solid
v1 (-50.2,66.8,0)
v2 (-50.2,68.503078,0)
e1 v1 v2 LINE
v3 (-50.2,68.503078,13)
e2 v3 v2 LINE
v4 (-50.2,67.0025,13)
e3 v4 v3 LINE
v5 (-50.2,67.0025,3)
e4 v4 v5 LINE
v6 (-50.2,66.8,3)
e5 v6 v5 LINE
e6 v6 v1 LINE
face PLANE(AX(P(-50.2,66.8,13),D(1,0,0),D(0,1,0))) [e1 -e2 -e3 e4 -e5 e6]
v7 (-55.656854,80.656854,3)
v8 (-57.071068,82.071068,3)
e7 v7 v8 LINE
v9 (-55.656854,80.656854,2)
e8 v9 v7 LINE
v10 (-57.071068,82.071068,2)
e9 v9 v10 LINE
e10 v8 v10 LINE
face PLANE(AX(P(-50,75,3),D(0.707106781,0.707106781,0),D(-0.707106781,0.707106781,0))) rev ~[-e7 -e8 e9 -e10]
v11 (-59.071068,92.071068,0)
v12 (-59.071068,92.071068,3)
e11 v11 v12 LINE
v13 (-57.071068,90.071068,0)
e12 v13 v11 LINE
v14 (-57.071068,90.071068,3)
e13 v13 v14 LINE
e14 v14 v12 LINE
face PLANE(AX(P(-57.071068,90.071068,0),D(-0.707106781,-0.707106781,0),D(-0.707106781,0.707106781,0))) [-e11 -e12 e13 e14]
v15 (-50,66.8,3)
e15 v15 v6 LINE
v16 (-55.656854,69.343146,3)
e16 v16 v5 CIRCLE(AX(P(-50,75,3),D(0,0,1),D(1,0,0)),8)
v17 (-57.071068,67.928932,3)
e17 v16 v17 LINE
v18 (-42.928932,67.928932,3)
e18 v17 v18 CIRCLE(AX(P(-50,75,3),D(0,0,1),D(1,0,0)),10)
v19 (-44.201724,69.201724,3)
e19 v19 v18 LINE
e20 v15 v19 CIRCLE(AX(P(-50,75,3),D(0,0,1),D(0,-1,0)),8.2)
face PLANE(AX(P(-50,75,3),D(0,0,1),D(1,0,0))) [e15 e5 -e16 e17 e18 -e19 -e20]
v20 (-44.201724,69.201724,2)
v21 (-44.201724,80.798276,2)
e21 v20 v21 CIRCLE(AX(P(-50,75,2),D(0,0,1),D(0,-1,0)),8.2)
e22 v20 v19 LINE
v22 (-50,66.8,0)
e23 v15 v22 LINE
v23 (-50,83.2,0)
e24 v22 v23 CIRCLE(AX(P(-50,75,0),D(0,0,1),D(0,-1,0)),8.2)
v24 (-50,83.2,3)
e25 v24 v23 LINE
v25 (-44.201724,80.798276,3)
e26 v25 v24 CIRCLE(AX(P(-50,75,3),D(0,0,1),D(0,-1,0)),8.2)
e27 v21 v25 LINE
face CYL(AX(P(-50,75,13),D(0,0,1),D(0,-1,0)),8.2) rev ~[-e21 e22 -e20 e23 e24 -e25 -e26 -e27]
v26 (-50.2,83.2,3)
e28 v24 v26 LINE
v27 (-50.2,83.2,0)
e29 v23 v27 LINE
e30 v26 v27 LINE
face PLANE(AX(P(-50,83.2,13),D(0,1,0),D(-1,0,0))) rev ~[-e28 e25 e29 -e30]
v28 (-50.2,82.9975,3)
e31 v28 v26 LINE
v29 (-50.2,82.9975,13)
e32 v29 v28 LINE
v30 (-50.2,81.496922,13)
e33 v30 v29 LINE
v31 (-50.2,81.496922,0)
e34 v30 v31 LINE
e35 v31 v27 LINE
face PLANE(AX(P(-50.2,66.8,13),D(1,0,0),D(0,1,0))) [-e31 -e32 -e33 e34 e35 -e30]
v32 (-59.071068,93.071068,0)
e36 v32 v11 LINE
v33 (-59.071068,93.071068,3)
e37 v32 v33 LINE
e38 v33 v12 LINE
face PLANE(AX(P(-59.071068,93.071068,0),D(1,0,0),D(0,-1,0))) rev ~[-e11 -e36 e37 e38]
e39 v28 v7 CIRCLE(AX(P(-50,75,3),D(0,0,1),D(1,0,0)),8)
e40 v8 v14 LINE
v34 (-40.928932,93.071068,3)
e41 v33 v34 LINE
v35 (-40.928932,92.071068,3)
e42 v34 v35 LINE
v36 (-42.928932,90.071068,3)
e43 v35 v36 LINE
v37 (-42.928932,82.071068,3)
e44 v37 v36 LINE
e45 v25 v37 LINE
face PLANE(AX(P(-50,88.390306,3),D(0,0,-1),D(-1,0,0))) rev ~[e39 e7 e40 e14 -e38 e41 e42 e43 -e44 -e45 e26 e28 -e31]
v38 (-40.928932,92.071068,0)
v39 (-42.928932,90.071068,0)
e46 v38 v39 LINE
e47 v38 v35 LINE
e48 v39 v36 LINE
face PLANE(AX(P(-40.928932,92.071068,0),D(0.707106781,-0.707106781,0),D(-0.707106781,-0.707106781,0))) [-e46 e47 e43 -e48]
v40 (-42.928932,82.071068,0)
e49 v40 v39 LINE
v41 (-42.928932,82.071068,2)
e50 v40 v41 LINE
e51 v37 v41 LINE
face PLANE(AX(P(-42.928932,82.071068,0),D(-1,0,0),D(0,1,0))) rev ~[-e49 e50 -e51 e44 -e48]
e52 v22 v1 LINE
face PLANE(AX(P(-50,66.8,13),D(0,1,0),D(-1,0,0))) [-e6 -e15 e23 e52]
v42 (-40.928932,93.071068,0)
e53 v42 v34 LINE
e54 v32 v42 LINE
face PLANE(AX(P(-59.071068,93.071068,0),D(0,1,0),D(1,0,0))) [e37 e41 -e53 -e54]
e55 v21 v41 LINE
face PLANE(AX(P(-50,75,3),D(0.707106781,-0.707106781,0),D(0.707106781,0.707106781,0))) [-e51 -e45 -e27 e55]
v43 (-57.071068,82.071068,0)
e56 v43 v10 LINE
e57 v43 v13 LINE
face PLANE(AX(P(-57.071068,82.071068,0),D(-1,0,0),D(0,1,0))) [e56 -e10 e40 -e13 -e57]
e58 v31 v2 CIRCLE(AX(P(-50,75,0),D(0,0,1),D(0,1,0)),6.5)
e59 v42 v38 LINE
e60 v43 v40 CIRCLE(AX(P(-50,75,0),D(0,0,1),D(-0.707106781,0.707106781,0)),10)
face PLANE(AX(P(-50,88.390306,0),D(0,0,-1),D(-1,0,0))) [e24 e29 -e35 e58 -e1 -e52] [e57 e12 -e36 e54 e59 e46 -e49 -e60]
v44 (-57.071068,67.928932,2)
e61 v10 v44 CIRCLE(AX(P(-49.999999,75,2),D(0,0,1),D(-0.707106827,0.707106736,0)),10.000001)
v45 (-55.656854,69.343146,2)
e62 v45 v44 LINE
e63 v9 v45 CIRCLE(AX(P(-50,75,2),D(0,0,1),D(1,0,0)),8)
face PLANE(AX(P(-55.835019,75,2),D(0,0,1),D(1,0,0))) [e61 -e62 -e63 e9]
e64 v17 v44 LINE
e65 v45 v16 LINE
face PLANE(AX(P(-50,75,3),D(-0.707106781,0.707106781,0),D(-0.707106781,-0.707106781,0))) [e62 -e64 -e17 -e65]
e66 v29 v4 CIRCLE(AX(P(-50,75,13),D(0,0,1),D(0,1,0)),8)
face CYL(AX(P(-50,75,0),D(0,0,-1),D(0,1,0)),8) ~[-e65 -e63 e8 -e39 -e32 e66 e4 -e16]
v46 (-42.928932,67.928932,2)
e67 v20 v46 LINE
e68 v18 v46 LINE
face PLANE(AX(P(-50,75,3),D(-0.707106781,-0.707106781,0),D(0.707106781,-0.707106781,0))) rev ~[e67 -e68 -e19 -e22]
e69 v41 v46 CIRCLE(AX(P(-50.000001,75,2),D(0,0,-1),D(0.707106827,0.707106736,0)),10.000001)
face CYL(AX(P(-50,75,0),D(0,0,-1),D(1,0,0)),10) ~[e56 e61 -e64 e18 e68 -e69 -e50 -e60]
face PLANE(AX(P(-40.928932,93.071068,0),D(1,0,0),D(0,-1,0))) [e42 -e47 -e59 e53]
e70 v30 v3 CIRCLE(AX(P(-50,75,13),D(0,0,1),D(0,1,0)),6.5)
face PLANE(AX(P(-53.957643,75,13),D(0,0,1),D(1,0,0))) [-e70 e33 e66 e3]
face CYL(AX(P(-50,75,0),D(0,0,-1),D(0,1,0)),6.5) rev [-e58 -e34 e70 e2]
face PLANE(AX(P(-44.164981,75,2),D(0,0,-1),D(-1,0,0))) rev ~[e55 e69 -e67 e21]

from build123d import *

# Parameters (mm, degrees)
SKETCH020_R     = 10
PAD007_DEPTH    = 3
POCKET012_DEPTH = 1
SKETCH022_R     = 8
POCKET013_DEPTH = 5
PAD008_DEPTH    = 13
POCKET014_DEPTH = 20
PAD009_DEPTH    = 3


with BuildPart() as part:
    # Sketch020 → Pad007 (new body)
    with BuildSketch(Plane.XY):
        Circle(SKETCH020_R)
    extrude(amount=PAD007_DEPTH)

    # Sketch021 (on Face3 of Pad007) → Pocket012 (cut)
    with BuildSketch(Plane.XY.offset(3)):
        with BuildLine():
            Line((0, 0), (7.071068, 7.071068))
            ThreePointArc((7.071068, -7.071068), (10, 0), (7.071068, 7.071068))
            Line((0, 0), (7.071068, -7.071068))
        make_face()
        with BuildLine():
            ThreePointArc((-7.071068, 7.071068), (-10, 0), (-7.071068, -7.071068))
            Line((0, 0), (-7.071068, -7.071068))
            Line((0, 0), (-7.071068, 7.071068))
        make_face()
    extrude(amount=-POCKET012_DEPTH, mode=Mode.SUBTRACT)

    # Sketch022 (on Face9 of Pocket012) → Pocket013 (cut)
    with BuildSketch(Plane.XY.offset(3)):
        Circle(SKETCH022_R)
    extrude(amount=-POCKET013_DEPTH, mode=Mode.SUBTRACT)

    # Sketch023 → Pad008 (join)
    with BuildSketch(Plane.XY):
        with BuildLine():
            Line((0, 6.5), (0, 8))
            ThreePointArc((0, 8), (-8, 0), (0, -8))
            Line((0, -6.5), (0, -8))
            ThreePointArc((0, 6.5), (-6.5, 0), (0, -6.5))
        make_face()
    extrude(amount=PAD008_DEPTH)

    # Sketch024 (on Face14 of Pad008) → Pocket014 (cut)
    with BuildSketch(Plane.XY.offset(13)):
        with BuildLine():
            ThreePointArc((0, -8.2), (8.2, 0), (0, 8.2))
            Line((0, 8.2), (-0.2, 8.2))
            Line((-0.2, -8.2), (-0.2, 8.2))
            Line((0, -8.2), (-0.2, -8.2))
        make_face()
    extrude(amount=-POCKET014_DEPTH, mode=Mode.SUBTRACT)

    # Sketch025 → Pad009 (join)
    with BuildSketch(Plane.XY):
        with BuildLine():
            Line((-7.071068, 7.071068), (-7.071068, 15.071068))
            Line((-7.071068, 15.071068), (-9.071068, 17.071068))
            Line((-9.071068, 18.071068), (-9.071068, 17.071068))
            Line((-9.071068, 18.071068), (9.071068, 18.071068))
            Line((9.071068, 18.071068), (9.071068, 17.071068))
            Line((9.071068, 17.071068), (7.071068, 15.071068))
            Line((7.071068, 7.071068), (7.071068, 15.071068))
            ThreePointArc((7.071068, 7.071068), (0, 10), (-7.071068, 7.071068))
        make_face()
    extrude(amount=PAD009_DEPTH)


with BuildPart() as part_1:
    # Body007 placement: moved
    add(part.part.moved(Location((-50, 75, 0))))


solid = part_1.part
